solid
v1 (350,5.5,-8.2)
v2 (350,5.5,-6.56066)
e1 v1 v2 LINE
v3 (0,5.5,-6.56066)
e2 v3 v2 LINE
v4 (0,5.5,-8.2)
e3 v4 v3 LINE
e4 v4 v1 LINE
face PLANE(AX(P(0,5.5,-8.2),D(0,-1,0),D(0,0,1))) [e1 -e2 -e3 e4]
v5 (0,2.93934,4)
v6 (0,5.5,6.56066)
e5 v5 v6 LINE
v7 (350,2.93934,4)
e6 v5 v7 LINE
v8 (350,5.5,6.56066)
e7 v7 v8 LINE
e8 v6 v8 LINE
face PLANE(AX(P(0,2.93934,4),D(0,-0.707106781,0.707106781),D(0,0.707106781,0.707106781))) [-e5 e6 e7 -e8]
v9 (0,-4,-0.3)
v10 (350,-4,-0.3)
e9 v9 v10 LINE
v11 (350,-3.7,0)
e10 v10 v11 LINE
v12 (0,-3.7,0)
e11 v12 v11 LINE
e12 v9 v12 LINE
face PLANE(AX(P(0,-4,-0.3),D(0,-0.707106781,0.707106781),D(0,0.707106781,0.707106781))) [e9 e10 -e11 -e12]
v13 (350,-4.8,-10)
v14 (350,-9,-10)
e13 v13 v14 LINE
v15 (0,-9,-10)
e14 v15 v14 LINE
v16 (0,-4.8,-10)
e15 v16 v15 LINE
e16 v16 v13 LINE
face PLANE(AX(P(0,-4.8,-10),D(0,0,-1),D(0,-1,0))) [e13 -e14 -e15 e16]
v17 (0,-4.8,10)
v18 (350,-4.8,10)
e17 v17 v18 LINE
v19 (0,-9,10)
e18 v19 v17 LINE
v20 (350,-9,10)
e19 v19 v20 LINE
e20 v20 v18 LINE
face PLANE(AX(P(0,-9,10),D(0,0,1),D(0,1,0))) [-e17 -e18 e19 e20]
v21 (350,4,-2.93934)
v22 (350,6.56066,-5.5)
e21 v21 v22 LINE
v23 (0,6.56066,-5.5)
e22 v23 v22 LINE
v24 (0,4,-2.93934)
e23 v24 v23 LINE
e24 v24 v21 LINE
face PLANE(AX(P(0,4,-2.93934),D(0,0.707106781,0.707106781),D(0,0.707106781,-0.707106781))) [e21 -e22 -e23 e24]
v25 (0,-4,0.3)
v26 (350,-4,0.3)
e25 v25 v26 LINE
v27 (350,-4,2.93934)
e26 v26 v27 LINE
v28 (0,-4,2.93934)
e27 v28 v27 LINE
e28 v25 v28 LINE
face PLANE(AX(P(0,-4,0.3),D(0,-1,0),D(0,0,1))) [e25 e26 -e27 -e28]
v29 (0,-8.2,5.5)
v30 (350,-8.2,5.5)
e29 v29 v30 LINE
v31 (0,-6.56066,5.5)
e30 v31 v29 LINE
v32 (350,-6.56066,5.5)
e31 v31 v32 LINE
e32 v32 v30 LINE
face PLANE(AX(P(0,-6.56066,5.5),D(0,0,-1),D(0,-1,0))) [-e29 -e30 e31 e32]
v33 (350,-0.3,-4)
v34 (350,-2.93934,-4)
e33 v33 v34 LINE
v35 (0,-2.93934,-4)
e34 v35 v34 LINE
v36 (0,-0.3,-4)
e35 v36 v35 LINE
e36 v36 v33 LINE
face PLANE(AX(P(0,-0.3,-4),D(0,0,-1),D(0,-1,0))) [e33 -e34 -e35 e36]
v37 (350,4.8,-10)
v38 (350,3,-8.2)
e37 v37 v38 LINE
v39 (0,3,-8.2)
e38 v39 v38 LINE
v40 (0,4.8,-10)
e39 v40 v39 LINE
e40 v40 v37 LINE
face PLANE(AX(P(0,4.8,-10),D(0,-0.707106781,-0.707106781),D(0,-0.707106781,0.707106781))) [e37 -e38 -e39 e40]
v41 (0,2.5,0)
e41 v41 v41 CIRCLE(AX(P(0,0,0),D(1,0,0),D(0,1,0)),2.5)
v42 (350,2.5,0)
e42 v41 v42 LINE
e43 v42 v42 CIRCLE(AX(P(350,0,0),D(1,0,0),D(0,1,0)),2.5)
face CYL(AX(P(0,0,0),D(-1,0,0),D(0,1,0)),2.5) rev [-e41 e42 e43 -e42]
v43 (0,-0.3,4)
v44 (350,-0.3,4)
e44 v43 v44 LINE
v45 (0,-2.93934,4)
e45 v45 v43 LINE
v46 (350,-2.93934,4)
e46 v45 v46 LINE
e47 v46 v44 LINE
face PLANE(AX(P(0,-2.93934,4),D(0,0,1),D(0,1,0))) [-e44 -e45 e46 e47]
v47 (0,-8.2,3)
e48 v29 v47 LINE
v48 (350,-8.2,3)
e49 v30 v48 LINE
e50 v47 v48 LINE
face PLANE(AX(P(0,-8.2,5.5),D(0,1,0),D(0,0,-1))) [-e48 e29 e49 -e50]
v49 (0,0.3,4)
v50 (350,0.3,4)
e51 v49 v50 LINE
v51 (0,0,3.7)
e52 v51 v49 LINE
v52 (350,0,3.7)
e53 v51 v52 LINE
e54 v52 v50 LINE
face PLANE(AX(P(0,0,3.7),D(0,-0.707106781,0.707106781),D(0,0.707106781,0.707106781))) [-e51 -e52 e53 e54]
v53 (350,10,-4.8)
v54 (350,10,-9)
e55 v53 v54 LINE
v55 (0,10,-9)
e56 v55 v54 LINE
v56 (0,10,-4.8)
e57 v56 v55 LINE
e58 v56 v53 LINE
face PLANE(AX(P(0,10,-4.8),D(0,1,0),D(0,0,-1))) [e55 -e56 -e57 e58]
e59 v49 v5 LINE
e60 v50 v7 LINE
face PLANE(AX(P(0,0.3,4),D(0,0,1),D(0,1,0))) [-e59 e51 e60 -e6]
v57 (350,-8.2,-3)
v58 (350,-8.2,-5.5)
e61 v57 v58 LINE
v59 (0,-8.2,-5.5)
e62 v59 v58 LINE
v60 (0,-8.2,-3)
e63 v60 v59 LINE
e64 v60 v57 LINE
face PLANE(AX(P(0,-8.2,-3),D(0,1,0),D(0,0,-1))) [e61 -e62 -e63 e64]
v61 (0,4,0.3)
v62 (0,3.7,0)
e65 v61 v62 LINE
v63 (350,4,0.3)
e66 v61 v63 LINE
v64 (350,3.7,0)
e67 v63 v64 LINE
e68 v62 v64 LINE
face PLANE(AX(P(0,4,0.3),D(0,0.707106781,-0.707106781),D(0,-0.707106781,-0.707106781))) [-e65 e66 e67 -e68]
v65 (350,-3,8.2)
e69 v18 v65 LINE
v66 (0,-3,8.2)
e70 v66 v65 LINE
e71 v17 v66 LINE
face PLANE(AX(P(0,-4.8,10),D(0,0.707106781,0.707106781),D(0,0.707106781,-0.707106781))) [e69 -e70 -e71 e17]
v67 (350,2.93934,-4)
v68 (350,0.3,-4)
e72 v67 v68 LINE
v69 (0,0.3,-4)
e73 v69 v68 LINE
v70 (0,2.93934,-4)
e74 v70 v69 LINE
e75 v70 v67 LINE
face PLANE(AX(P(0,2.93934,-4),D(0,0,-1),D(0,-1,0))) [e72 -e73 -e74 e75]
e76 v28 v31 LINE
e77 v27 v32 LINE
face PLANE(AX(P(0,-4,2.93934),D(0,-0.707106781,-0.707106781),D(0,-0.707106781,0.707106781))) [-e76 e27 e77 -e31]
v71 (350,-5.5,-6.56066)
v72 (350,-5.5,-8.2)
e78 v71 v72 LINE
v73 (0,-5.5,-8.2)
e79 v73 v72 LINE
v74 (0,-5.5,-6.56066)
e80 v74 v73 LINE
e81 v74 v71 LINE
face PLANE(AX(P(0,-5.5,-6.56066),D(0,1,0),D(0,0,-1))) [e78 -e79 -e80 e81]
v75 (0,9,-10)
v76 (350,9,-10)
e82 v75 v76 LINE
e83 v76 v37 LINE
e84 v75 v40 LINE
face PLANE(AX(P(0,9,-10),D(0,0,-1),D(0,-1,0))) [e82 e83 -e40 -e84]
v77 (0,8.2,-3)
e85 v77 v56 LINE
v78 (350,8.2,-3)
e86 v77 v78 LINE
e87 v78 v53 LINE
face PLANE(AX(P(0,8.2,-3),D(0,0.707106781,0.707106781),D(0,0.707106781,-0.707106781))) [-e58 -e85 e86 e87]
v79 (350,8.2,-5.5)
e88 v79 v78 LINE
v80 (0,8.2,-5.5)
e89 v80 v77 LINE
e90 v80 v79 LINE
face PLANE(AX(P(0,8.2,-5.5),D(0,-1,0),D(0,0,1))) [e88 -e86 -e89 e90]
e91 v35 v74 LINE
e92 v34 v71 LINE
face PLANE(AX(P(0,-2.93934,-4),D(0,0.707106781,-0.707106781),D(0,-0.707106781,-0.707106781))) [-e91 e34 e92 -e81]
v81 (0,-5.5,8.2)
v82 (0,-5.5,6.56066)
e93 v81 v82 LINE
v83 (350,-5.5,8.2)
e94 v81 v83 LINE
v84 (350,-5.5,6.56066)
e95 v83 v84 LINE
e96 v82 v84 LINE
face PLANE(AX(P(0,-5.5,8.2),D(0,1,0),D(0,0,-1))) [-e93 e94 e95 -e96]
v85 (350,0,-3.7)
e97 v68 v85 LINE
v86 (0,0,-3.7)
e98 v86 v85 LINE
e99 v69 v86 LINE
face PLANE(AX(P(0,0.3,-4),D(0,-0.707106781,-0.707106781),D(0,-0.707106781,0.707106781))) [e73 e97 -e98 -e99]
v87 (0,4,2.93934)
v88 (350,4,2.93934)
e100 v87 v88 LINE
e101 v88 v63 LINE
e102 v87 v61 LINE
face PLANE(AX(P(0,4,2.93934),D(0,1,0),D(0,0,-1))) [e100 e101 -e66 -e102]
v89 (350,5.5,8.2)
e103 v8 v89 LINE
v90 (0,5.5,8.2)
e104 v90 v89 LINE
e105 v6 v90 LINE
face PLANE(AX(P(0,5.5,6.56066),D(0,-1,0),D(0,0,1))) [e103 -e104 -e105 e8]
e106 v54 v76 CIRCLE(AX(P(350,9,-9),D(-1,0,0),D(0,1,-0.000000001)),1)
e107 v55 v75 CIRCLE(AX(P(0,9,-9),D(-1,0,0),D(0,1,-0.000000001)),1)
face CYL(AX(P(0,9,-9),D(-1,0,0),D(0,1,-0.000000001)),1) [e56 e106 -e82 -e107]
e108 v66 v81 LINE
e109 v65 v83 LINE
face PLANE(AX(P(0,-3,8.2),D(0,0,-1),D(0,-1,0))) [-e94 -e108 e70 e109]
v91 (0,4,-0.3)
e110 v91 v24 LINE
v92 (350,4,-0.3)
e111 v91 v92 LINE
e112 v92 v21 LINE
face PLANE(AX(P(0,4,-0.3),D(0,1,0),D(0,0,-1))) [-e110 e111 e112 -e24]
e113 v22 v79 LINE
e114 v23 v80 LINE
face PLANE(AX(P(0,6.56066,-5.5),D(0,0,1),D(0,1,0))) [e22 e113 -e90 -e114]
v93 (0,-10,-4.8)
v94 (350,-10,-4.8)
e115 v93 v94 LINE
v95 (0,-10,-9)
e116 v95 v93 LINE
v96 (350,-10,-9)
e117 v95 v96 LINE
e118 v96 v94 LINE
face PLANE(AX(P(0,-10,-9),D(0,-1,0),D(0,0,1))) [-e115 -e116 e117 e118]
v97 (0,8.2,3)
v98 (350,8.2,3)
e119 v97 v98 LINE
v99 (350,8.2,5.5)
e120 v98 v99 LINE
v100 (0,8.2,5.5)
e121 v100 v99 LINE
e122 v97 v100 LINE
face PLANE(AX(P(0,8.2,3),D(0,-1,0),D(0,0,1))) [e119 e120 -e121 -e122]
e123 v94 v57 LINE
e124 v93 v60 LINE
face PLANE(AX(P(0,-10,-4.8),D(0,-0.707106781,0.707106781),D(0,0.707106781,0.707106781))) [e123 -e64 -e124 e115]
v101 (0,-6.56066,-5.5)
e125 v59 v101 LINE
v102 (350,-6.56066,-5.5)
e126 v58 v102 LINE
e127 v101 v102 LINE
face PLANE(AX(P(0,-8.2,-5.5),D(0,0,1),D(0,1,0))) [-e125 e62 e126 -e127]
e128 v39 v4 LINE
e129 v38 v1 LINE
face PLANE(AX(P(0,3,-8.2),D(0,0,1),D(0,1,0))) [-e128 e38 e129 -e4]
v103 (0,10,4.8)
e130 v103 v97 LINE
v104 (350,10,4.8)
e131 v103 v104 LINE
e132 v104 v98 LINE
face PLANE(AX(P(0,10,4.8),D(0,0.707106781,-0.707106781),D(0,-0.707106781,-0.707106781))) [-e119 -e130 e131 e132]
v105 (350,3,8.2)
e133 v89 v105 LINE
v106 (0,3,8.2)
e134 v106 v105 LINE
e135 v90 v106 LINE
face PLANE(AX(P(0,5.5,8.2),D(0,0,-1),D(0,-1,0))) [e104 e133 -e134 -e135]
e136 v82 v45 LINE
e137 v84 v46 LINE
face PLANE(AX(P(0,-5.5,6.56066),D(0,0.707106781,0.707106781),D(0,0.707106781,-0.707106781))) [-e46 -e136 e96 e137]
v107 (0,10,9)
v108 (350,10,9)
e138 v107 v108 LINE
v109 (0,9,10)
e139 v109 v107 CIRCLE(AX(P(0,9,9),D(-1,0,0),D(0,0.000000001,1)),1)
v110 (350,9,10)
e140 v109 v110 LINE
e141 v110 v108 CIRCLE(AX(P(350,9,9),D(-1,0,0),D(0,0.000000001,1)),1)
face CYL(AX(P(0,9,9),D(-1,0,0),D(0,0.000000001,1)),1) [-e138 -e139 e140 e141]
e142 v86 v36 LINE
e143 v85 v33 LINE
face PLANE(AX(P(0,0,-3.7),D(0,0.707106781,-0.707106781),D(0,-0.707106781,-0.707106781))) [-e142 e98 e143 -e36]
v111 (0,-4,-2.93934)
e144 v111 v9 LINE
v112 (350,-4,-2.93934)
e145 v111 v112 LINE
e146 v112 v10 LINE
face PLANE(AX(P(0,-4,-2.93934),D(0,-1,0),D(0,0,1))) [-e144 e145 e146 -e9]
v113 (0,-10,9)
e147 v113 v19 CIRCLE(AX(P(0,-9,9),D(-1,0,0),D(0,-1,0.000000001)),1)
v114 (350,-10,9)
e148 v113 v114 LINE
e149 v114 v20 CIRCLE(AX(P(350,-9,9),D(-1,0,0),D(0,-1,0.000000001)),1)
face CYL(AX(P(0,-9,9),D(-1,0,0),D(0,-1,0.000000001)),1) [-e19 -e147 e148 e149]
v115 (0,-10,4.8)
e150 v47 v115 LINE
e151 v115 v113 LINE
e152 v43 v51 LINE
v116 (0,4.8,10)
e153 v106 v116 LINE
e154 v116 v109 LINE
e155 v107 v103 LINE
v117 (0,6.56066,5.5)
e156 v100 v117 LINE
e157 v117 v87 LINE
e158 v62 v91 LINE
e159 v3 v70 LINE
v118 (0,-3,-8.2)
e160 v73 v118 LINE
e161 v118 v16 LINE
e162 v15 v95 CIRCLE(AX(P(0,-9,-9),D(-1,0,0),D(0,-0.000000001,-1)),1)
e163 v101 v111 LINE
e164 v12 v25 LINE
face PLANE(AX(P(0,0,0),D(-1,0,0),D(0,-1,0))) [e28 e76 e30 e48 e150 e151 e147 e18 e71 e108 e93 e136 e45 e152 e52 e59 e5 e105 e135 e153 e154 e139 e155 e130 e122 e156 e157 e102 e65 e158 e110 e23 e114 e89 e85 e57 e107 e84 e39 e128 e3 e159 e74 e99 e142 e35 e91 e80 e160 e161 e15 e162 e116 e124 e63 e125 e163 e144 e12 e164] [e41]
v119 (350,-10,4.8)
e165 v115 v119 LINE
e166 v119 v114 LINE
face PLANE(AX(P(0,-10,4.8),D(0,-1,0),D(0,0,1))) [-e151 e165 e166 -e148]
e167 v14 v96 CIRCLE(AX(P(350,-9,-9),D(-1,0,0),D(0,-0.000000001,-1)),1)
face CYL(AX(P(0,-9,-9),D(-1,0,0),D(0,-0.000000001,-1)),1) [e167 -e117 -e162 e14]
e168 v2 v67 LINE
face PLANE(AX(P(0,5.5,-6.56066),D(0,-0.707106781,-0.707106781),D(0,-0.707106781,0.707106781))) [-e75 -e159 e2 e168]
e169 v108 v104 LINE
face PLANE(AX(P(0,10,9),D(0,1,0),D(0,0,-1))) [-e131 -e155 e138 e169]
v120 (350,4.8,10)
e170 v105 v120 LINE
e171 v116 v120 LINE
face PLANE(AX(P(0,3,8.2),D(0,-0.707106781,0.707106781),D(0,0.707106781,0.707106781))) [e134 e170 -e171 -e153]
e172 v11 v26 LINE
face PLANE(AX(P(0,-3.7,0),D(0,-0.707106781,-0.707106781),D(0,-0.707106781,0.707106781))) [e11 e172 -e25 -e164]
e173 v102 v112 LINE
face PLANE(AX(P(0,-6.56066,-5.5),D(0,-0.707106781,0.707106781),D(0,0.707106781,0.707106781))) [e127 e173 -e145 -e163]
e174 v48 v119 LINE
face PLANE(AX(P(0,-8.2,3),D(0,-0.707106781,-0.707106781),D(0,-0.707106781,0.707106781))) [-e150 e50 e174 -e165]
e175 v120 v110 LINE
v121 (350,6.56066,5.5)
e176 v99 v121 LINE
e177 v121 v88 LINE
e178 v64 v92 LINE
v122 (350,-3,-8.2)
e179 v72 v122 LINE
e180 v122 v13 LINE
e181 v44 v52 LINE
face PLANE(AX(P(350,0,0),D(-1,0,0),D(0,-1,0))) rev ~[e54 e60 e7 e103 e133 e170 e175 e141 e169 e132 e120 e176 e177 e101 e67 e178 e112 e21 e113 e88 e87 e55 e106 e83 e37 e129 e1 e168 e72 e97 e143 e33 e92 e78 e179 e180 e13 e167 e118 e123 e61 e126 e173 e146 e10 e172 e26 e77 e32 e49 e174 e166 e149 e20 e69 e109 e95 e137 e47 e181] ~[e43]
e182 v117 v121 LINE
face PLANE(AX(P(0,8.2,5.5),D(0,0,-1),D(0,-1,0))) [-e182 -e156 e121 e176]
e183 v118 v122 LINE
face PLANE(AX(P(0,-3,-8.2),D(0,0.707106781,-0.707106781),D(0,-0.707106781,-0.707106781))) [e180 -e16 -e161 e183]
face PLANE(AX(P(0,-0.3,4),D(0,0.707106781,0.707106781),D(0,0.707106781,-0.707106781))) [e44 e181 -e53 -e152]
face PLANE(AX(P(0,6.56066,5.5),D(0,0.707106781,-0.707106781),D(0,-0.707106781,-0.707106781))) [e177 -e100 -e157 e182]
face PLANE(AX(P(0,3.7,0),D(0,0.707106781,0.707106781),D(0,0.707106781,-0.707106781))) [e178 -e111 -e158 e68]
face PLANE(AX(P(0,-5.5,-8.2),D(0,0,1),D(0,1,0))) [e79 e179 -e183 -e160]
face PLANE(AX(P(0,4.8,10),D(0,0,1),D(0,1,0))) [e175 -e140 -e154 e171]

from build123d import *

# Parameters (mm, degrees)
SKETCH11_R                                    = 2.5
C_USERS_USER_GOOGLE_DRIVE_13_INFORMA_ES_DEPTH = 350


with BuildPart() as part:
    # Sketch11 → C_USERS_USER_GOOGLE DRIVE_13. INFORMA_ES (new body)
    with BuildSketch(Plane.YZ):
        with BuildLine():
            Line((-4.8, 10), (-3, 8.2))
            Line((-3, 8.2), (-5.5, 8.2))
            Line((-5.5, 8.2), (-5.5, 6.560660172))
            Line((-5.5, 6.560660172), (-2.939339828, 4))
            Line((-2.939339828, 4), (-0.3, 4))
            Line((-0.3, 4), (0, 3.7))
            Line((0, 3.7), (0.3, 4))
            Line((0.3, 4), (2.939339828, 4))
            Line((2.939339828, 4), (5.5, 6.560660172))
            Line((5.5, 6.560660172), (5.5, 8.2))
            Line((5.5, 8.2), (3, 8.2))
            Line((3, 8.2), (4.8, 10))
            Line((4.8, 10), (9, 10))
            ThreePointArc((9, 10), (9.707106781, 9.707106781), (10, 9))
            Line((10, 9), (10, 4.8))
            Line((10, 4.8), (8.2, 3))
            Line((8.2, 3), (8.2, 5.5))
            Line((8.2, 5.5), (6.560660172, 5.5))
            Line((6.560660172, 5.5), (4, 2.939339828))
            Line((4, 2.939339828), (4, 0.3))
            Line((4, 0.3), (3.7, 0))
            Line((3.7, 0), (4, -0.3))
            Line((4, -0.3), (4, -2.939339828))
            Line((4, -2.939339828), (6.560660172, -5.5))
            Line((6.560660172, -5.5), (8.2, -5.5))
            Line((8.2, -5.5), (8.2, -3))
            Line((8.2, -3), (10, -4.8))
            Line((10, -4.8), (10, -9))
            ThreePointArc((10, -9), (9.707106781, -9.707106781), (9, -10))
            Line((9, -10), (4.8, -10))
            Line((4.8, -10), (3, -8.2))
            Line((3, -8.2), (5.5, -8.2))
            Line((5.5, -8.2), (5.5, -6.560660172))
            Line((5.5, -6.560660172), (2.939339828, -4))
            Line((2.939339828, -4), (0.3, -4))
            Line((0.3, -4), (0, -3.7))
            Line((0, -3.7), (-0.3, -4))
            Line((-0.3, -4), (-2.939339828, -4))
            Line((-2.939339828, -4), (-5.5, -6.560660172))
            Line((-5.5, -6.560660172), (-5.5, -8.2))
            Line((-5.5, -8.2), (-3, -8.2))
            Line((-3, -8.2), (-4.8, -10))
            Line((-4.8, -10), (-9, -10))
            ThreePointArc((-9, -10), (-9.707106781, -9.707106781), (-10, -9))
            Line((-10, -9), (-10, -4.8))
            Line((-10, -4.8), (-8.2, -3))
            Line((-8.2, -3), (-8.2, -5.5))
            Line((-8.2, -5.5), (-6.560660172, -5.5))
            Line((-6.560660172, -5.5), (-4, -2.939339828))
            Line((-4, -2.939339828), (-4, -0.3))
            Line((-4, -0.3), (-3.7, 0))
            Line((-3.7, 0), (-4, 0.3))
            Line((-4, 0.3), (-4, 2.939339828))
            Line((-4, 2.939339828), (-6.560660172, 5.5))
            Line((-6.560660172, 5.5), (-8.2, 5.5))
            Line((-8.2, 5.5), (-8.2, 3))
            Line((-8.2, 3), (-10, 4.8))
            Line((-10, 4.8), (-10, 9))
            ThreePointArc((-10, 9), (-9.707106781, 9.707106781), (-9, 10))
            Line((-9, 10), (-4.8, 10))
        make_face()
        Circle(SKETCH11_R, mode=Mode.SUBTRACT)
    extrude(amount=C_USERS_USER_GOOGLE_DRIVE_13_INFORMA_ES_DEPTH)


solid = part.part
